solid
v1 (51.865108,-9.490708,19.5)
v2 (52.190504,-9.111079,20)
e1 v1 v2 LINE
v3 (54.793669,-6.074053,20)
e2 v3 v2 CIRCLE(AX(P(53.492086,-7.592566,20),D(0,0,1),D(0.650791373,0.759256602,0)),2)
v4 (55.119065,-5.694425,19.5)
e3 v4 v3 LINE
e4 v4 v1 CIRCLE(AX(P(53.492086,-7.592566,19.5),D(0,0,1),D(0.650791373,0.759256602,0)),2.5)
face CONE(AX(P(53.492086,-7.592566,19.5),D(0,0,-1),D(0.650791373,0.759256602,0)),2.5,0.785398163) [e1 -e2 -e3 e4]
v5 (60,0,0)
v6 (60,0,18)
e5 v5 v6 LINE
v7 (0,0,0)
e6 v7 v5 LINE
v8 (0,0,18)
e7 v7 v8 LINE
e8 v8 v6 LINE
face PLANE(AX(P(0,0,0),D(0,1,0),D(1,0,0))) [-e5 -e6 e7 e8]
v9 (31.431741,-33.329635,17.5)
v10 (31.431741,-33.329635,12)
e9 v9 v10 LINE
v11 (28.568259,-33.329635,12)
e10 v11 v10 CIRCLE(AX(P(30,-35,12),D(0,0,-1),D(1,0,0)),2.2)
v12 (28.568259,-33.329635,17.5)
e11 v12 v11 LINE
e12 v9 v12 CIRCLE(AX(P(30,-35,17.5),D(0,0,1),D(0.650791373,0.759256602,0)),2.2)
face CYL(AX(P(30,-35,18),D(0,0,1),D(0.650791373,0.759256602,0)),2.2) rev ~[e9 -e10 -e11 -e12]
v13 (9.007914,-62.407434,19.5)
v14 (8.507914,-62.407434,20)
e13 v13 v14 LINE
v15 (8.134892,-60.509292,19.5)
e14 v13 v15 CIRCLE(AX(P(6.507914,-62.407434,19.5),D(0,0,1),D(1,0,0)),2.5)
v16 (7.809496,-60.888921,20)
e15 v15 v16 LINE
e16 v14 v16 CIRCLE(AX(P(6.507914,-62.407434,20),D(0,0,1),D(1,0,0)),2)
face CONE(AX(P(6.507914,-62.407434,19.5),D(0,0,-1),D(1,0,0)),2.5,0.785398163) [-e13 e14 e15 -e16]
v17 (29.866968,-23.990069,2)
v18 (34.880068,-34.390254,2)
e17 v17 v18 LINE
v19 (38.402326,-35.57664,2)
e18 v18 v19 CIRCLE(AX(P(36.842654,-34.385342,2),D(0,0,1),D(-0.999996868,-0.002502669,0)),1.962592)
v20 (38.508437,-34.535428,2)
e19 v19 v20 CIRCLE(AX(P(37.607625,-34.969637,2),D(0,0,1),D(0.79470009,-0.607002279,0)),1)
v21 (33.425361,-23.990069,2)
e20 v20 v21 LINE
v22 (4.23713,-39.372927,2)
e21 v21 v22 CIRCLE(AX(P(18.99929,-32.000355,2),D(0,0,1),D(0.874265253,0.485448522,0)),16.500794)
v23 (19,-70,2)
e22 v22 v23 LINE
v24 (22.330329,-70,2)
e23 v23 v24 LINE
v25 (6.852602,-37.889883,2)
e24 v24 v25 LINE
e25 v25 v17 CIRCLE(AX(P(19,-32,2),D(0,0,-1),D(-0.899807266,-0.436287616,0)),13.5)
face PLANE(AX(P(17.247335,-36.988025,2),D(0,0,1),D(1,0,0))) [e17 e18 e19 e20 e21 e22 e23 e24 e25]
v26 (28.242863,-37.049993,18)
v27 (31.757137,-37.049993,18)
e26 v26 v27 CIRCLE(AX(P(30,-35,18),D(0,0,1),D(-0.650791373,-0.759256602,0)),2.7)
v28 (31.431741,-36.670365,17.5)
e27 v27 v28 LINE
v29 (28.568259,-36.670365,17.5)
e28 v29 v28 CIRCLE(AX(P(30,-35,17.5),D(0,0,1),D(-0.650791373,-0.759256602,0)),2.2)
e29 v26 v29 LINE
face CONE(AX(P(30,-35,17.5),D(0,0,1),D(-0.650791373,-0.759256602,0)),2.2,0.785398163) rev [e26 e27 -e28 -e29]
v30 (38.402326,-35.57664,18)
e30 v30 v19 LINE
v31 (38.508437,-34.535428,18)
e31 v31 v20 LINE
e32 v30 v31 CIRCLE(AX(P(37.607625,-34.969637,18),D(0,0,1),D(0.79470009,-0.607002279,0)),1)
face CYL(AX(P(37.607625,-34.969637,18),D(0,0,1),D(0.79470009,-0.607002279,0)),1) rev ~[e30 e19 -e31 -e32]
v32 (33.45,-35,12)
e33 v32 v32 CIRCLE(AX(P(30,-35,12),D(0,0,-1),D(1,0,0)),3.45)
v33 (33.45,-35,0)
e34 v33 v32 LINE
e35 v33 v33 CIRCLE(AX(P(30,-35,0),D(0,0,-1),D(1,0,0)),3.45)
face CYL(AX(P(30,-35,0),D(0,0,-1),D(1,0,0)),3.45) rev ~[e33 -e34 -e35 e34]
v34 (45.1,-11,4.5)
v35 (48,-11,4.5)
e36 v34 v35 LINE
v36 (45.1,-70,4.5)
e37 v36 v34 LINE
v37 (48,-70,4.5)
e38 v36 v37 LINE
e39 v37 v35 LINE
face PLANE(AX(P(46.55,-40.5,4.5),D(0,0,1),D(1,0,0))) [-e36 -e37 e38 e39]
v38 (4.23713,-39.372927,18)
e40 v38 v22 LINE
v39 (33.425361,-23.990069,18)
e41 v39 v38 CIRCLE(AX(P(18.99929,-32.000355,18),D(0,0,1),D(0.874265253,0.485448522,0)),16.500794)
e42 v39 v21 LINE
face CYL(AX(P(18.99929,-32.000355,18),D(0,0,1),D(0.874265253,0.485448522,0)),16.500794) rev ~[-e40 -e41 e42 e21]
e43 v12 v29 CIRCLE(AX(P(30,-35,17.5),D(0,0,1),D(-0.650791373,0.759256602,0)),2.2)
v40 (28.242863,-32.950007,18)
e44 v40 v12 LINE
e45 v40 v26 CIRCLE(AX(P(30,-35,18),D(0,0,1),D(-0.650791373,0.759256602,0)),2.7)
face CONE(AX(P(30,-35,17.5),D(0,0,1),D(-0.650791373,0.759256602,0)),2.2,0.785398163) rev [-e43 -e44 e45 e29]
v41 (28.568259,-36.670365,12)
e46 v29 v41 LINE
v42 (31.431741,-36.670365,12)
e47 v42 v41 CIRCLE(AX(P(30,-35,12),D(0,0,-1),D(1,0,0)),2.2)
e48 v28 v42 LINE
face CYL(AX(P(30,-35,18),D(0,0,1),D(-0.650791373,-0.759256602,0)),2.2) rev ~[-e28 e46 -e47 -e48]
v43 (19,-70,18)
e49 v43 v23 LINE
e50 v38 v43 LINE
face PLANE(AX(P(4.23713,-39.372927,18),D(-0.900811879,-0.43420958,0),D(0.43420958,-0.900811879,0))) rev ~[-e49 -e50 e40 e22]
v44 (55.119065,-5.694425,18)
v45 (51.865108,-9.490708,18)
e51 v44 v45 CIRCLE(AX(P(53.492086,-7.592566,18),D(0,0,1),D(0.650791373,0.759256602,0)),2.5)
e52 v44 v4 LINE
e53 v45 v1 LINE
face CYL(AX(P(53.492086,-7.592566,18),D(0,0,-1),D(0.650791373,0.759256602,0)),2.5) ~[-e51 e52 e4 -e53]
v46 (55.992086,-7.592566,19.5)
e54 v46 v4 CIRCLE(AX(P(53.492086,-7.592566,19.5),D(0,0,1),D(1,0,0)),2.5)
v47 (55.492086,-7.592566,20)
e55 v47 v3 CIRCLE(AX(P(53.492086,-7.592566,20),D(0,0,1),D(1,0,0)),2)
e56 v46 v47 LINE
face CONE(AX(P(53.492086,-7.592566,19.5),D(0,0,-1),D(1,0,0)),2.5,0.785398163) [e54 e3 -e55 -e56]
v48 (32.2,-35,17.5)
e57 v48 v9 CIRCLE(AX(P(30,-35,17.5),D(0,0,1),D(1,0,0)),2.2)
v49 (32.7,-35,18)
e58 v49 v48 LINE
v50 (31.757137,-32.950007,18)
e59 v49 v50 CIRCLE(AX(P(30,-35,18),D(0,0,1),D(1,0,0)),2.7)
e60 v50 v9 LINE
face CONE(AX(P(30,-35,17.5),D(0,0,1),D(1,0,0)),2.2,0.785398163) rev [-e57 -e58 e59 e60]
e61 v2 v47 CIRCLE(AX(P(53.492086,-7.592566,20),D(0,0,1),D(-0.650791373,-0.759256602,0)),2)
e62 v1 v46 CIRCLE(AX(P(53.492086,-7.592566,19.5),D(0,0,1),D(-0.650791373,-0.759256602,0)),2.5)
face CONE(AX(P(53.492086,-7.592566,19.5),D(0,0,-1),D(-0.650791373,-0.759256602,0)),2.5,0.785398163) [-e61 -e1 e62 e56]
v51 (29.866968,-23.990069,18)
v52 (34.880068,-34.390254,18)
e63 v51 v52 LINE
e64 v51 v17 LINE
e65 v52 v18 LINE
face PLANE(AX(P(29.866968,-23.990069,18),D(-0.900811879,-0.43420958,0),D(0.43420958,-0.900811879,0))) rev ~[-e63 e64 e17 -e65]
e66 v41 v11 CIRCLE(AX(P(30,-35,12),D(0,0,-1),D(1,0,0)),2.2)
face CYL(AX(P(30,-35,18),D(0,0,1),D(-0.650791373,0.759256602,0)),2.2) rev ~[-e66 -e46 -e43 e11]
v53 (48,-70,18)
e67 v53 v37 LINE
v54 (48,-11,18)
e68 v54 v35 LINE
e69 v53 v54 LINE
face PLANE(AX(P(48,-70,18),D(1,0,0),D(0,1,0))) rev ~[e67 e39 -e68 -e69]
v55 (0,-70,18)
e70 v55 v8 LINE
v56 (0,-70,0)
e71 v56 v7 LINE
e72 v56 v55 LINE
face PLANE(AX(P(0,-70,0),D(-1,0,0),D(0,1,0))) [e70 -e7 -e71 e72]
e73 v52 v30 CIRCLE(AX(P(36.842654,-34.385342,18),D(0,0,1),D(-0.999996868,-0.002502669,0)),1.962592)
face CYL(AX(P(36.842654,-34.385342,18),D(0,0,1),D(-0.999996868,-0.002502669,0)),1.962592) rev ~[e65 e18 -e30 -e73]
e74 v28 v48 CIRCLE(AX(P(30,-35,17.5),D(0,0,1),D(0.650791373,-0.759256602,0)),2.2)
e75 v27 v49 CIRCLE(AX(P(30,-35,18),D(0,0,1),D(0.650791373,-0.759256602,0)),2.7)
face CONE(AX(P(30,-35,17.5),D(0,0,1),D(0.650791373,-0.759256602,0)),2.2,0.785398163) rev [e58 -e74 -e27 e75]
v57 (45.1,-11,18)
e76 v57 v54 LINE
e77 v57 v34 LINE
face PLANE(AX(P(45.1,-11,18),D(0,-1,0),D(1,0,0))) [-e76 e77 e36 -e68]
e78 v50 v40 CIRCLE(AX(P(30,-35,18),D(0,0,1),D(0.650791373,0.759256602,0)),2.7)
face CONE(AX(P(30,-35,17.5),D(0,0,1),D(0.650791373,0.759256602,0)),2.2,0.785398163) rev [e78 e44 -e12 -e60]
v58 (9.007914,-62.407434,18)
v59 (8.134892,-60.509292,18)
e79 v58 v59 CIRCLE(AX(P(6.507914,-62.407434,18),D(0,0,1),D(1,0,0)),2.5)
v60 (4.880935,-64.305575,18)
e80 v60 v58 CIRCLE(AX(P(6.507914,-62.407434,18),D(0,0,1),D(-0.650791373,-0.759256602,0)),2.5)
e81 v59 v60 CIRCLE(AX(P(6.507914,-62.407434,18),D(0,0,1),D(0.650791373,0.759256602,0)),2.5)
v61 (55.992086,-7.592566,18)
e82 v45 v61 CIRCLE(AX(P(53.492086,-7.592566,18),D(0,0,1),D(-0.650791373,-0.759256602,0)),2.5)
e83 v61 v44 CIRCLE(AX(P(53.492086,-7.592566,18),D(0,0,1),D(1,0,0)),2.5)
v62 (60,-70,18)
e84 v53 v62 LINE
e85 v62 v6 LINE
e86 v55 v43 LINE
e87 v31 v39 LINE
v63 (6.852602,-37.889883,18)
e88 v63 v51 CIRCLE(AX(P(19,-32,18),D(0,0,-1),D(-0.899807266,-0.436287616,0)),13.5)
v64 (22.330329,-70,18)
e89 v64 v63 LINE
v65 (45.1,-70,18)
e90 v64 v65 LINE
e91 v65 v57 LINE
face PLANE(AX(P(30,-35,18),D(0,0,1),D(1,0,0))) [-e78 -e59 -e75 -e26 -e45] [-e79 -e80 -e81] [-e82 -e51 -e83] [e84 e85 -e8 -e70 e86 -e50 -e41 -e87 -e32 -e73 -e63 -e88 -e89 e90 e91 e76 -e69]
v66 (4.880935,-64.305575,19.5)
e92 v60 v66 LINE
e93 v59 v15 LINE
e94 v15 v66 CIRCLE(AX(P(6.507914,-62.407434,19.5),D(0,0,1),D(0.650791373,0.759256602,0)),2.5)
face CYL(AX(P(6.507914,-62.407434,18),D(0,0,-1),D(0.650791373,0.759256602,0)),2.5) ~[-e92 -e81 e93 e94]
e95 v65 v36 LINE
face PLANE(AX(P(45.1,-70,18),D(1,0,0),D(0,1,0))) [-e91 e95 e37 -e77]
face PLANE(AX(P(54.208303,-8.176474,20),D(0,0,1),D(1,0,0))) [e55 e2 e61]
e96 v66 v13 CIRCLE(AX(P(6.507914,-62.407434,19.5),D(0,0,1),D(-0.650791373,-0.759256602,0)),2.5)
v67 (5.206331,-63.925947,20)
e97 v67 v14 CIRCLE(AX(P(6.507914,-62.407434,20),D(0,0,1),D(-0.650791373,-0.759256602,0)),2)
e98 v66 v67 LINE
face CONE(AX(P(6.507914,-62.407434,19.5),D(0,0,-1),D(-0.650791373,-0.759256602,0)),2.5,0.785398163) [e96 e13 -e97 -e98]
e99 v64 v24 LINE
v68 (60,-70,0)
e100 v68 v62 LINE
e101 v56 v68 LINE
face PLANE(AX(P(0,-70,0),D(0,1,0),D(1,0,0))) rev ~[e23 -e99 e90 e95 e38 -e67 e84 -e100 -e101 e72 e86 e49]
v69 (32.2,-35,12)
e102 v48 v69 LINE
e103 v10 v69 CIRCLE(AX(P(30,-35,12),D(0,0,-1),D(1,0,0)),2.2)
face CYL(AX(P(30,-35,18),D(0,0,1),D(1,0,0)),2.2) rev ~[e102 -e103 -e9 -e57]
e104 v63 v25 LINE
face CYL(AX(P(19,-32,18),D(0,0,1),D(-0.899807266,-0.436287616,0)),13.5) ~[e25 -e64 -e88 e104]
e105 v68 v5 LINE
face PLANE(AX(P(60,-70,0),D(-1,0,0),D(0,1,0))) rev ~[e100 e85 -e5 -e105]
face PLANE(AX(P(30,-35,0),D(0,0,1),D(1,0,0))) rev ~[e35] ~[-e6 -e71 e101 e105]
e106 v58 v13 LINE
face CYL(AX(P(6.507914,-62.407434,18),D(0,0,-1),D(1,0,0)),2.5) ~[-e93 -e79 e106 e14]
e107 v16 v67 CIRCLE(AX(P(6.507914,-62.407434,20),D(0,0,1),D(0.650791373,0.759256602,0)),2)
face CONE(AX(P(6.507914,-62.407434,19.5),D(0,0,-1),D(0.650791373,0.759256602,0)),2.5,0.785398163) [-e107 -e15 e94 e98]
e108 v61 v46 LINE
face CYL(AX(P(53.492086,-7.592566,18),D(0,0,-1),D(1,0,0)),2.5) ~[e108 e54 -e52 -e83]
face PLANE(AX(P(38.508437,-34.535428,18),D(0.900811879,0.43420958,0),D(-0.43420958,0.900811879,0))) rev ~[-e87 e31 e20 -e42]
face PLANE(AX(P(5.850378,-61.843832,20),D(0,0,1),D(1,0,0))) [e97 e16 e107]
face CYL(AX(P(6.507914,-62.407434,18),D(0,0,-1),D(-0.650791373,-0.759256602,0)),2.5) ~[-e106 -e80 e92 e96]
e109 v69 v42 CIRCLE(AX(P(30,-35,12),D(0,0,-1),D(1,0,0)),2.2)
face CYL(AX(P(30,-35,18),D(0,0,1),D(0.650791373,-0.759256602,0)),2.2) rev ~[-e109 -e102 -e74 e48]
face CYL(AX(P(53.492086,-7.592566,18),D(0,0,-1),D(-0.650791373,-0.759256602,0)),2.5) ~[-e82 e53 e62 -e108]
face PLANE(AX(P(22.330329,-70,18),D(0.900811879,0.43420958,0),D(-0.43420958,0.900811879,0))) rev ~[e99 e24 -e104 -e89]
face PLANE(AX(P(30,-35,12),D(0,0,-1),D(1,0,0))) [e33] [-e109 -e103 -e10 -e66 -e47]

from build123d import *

# Parameters (mm, degrees)
F0_W      = 60
F0_H      = 70
F1_DEPTH  = 18
F2_W      = 2.9
F2_H      = 59
F3_DEPTH  = 13.5
F5_DEPTH  = 16
F7_DEPTH  = 25
F9_DEPTH  = 2
F10_SIZE  = 0.5
F11_R     = 3.45
F11_R_2   = 2.2
F12_DEPTH = 12


with BuildPart() as f1:
    # F0 (on Top) → F1 (new body)
    with BuildSketch(Plane.XY):
        with Locations((30, -35)):
            Rectangle(F0_W, F0_H)
    extrude(amount=F1_DEPTH)

    # F2 (on face) → F3 (cut)
    with BuildSketch(Plane.XY.offset(18)):
        with Locations((46.55, -40.5)):
            Rectangle(F2_W, F2_H)
    extrude(amount=-F3_DEPTH, mode=Mode.SUBTRACT)

    # F4 (on face) → F5 (cut)
    with BuildSketch(Plane.XY.offset(18)):
        with BuildLine():
            Line((4.2371301342, -39.3729269219), (19, -70))
            Line((19, -70), (22.3303290856, -70))
            Line((22.3303290856, -70), (6.8526019079, -37.8898828165))
            ThreePointArc((6.8526019079, -37.8898828165), (12.0206674289, -20.4440960171), (29.8669683324, -23.9900687105))
            Line((29.8669683324, -23.9900687105), (34.880068317, -34.3902538353))
            ThreePointArc((34.880068317, -34.3902538353), (36.2161853291, -36.2452623083), (38.4023255148, -35.5766396993))
            ThreePointArc((38.4023255148, -35.5766396993), (38.6024725197, -35.0710240917), (38.5084373031, -34.5354278406))
            Line((38.5084373031, -34.5354278406), (33.425360506, -23.9900687105))
            ThreePointArc((33.425360506, -23.9900687105), (11.3060254135, -17.4027565566), (4.2371301342, -39.3729269219))
        make_face()
    extrude(amount=-F5_DEPTH, mode=Mode.SUBTRACT)

    # F6 (on face) → F7 (cut)
    with BuildSketch(Plane.XY.offset(18)):
        with BuildLine():
            ThreePointArc((28.5682589784, -33.3296354748), (27.8, -35), (28.5682589784, -36.6703645252))
            ThreePointArc((28.5682589784, -36.6703645252), (30, -37.2), (31.4317410216, -36.6703645252))
            ThreePointArc((31.4317410216, -36.6703645252), (31.9987283767, -35.919284981), (32.2, -35))
            ThreePointArc((32.2, -35), (31.9987283767, -34.080715019), (31.4317410216, -33.3296354748))
            ThreePointArc((31.4317410216, -33.3296354748), (30, -32.8), (28.5682589784, -33.3296354748))
        make_face()
    extrude(amount=-F7_DEPTH, mode=Mode.SUBTRACT)

    # F8 (on face) → F9 (join)
    with BuildSketch(Plane.XY.offset(18)):
        with BuildLine():
            ThreePointArc((8.1348921682, -60.5092924704), (4.6097722286, -60.7804555427), (4.8809353009, -64.3055754823))
            Line((4.8809353009, -64.3055754823), (6.5079137346, -62.4074339763))
            Line((6.5079137346, -62.4074339763), (8.1348921682, -60.5092924704))
        make_face()
        with BuildLine():
            ThreePointArc((55.9920862654, -7.5925660237), (55.7633685117, -6.5479239998), (55.1190646991, -5.6944245177))
            Line((55.1190646991, -5.6944245177), (53.4920862654, -7.5925660237))
            Line((53.4920862654, -7.5925660237), (51.8651078318, -9.4907075296))
            ThreePointArc((51.8651078318, -9.4907075296), (54.5367282893, -9.8638482699), (55.9920862654, -7.5925660237))
        make_face()
        with BuildLine():
            Line((6.5079137346, -62.4074339763), (4.8809353009, -64.3055754823))
            ThreePointArc((4.8809353009, -64.3055754823), (7.5525557584, -64.6787162226), (9.0079137346, -62.4074339763))
            ThreePointArc((9.0079137346, -62.4074339763), (8.7791959808, -61.3627919525), (8.1348921682, -60.5092924704))
            Line((8.1348921682, -60.5092924704), (6.5079137346, -62.4074339763))
        make_face()
        with BuildLine():
            Line((53.4920862654, -7.5925660237), (55.1190646991, -5.6944245177))
            ThreePointArc((55.1190646991, -5.6944245177), (51.5939447595, -5.96558759), (51.8651078318, -9.4907075296))
            Line((51.8651078318, -9.4907075296), (53.4920862654, -7.5925660237))
        make_face()
    extrude(amount=F9_DEPTH)

    # F10
    f10_edges = [f1.edges().sort_by_distance(p)[0] for p in [
        (8.134892, -60.509292, 20),
        (51.865108, -9.490708, 20),
        (27.8, -35, 18),
    ]]
    chamfer(f10_edges, length=F10_SIZE)

    # F11 (on face) → F12 (cut)
    with BuildSketch(Plane(origin=(0, 0, 0), x_dir=(1, 0, 0), z_dir=(0, 0, -1))):
        with Locations((30, 35)):
            Circle(F11_R)
        with Locations((30, 35)):
            Circle(F11_R_2, mode=Mode.SUBTRACT)
    extrude(amount=-F12_DEPTH, mode=Mode.SUBTRACT)


solid = f1.part
